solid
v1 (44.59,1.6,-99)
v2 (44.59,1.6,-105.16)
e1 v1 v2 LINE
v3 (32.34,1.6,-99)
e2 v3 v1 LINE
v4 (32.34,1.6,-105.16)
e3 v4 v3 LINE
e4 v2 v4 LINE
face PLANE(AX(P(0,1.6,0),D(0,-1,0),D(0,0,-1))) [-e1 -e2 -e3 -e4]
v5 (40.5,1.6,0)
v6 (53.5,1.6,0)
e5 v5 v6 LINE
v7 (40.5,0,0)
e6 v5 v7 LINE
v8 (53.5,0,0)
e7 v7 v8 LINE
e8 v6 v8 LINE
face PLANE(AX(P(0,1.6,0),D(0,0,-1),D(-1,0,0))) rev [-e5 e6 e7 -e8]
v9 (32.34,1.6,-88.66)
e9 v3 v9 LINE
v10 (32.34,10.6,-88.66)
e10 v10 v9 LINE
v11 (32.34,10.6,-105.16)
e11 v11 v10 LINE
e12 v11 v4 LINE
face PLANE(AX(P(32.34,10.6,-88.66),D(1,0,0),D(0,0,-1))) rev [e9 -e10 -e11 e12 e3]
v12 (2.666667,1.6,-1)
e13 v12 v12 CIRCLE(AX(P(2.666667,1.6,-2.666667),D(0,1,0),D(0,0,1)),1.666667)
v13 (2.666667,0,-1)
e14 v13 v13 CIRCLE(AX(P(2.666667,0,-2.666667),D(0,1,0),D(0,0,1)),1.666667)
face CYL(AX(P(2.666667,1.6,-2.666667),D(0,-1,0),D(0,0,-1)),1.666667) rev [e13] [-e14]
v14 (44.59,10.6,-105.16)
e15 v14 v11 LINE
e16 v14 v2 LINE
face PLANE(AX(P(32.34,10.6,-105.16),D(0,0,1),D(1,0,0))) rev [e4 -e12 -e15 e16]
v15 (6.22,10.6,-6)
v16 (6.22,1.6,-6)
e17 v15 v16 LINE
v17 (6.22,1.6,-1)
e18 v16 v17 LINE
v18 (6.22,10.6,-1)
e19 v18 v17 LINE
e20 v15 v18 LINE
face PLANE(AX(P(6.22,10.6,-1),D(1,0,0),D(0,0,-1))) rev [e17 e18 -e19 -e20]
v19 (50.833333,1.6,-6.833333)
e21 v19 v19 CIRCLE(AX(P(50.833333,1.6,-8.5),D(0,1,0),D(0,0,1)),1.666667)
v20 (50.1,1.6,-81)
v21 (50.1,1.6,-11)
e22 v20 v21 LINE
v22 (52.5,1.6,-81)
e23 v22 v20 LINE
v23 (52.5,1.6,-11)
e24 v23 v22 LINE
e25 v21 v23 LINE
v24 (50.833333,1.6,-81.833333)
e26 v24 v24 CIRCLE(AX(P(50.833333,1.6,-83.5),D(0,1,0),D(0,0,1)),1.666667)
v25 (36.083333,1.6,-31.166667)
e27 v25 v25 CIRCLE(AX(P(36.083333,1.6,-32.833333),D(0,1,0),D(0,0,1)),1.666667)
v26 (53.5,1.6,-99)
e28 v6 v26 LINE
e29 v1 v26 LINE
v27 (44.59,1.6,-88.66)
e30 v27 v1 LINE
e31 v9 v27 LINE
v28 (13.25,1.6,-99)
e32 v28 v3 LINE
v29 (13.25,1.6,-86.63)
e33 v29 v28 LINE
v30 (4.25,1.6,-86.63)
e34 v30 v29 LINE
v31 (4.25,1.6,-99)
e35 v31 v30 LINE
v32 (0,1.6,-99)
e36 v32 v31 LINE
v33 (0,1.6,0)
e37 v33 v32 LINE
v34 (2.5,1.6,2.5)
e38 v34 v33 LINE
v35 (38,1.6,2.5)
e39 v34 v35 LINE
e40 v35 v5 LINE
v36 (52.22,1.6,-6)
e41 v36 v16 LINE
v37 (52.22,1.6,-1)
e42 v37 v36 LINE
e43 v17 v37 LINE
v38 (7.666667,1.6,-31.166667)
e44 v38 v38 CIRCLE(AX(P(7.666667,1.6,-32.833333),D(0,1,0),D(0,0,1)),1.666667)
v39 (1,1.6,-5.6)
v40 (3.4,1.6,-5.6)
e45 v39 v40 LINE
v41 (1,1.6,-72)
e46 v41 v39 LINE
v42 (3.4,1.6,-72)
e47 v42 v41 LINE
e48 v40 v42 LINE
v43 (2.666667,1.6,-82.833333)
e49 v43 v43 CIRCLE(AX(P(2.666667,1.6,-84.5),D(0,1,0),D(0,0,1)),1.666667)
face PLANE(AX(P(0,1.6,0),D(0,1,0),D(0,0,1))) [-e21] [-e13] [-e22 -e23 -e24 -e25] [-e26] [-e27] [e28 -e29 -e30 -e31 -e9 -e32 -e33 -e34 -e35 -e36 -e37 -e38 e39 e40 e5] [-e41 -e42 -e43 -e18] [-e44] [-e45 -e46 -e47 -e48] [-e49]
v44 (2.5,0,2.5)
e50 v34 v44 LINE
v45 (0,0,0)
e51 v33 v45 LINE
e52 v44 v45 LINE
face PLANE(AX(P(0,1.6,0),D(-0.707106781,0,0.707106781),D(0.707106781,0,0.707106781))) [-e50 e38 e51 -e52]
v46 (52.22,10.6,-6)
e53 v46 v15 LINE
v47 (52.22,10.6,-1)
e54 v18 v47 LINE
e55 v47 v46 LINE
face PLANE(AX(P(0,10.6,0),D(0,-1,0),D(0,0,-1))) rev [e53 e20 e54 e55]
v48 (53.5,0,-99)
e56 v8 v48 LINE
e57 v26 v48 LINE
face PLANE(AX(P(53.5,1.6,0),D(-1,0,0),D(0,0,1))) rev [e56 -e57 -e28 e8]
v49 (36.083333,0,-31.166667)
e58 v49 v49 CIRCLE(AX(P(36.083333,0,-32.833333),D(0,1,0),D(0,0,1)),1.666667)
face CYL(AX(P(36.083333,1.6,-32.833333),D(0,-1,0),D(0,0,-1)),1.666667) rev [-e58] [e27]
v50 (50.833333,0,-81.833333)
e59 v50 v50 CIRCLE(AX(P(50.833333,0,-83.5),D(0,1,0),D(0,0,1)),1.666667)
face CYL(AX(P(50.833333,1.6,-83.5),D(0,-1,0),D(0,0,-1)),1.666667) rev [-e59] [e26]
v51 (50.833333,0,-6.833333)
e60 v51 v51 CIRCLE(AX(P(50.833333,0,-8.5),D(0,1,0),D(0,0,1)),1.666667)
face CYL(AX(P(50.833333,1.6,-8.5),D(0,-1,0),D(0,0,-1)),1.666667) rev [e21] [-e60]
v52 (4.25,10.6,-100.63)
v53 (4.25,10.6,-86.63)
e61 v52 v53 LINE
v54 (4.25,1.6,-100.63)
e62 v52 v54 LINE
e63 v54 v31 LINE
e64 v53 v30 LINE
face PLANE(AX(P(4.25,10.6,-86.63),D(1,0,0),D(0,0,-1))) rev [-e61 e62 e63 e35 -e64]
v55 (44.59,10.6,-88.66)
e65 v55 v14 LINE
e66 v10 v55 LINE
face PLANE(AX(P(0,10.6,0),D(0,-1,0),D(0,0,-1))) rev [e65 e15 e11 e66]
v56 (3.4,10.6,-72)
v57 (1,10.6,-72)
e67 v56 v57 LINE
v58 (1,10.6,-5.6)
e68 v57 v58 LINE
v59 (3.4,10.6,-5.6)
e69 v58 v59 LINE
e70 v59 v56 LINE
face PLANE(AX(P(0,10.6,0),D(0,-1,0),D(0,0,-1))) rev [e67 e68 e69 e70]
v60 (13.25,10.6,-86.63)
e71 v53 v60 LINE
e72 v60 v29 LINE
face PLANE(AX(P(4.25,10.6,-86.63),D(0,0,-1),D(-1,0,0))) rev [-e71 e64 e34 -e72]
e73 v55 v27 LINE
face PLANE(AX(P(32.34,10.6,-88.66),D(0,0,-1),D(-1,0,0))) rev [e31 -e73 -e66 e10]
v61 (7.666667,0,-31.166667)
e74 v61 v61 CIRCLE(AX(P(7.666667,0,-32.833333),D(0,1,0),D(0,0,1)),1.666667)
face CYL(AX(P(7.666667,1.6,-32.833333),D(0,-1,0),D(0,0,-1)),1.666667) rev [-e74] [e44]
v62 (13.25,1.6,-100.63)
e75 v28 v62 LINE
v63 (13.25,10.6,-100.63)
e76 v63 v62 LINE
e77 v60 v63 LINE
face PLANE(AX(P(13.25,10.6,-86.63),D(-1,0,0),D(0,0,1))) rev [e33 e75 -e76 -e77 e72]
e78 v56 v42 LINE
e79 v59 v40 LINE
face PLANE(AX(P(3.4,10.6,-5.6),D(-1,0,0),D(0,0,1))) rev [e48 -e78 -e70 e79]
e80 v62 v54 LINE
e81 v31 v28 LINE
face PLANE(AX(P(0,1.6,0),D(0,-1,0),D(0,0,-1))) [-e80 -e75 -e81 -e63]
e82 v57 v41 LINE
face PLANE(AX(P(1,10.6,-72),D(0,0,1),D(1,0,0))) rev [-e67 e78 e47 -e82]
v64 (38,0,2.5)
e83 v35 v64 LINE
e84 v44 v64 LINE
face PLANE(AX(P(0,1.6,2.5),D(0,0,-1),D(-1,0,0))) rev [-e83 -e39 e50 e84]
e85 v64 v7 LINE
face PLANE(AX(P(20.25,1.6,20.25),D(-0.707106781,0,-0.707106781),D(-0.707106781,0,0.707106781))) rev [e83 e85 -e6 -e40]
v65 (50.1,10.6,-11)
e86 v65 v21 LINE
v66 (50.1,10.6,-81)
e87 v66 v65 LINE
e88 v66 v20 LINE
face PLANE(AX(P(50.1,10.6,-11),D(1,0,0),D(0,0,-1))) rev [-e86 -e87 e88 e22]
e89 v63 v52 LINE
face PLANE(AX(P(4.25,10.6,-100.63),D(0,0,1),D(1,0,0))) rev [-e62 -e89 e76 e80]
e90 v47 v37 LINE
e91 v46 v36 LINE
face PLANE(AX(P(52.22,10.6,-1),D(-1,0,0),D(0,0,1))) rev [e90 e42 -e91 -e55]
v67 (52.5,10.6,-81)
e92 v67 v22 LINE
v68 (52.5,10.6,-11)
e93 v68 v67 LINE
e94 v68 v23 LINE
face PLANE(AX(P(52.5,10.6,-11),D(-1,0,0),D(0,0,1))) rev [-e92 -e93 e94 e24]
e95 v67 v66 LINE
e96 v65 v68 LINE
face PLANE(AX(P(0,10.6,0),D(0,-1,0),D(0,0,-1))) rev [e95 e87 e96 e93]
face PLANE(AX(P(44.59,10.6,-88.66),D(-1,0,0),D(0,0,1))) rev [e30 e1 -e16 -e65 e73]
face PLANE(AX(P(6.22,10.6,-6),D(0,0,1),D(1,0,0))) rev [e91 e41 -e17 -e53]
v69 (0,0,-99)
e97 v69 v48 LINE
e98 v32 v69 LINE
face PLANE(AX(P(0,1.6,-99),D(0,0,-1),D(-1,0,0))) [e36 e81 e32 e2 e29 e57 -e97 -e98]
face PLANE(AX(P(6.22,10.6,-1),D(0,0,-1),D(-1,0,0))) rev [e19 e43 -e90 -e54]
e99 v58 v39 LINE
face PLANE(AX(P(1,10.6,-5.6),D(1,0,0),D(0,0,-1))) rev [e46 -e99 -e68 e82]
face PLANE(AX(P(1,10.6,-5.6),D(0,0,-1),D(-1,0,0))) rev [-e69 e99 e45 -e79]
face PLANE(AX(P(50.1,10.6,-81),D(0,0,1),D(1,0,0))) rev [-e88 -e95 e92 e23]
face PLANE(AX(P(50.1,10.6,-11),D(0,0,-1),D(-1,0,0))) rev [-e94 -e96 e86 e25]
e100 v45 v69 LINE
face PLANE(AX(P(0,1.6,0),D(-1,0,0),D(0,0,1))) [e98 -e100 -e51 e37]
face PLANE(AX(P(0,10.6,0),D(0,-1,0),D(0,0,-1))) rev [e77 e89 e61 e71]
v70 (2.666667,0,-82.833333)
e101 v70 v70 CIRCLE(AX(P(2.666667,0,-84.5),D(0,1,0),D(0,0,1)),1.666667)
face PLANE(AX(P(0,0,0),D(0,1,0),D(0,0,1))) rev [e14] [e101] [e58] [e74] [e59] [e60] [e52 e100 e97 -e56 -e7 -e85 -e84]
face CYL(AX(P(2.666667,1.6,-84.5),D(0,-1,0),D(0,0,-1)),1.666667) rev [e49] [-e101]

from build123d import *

# Parameters (mm, degrees)
SKETCH1_W           = 53.5
SKETCH1_H           = 99
SKETCH1_R           = 1.666666667
BOSS_EXTRUDE1_DEPTH = 1.6
SKETCH2_W           = 46
SKETCH2_H           = 5
SKETCH2_W_2         = 2.4
SKETCH2_H_2         = 66.4
SKETCH2_H_3         = 70
SKETCH2_W_3         = 9
SKETCH2_H_4         = 14
SKETCH2_W_4         = 12.25
SKETCH2_H_5         = 16.5
BOSS_EXTRUDE2_DEPTH = 9


with BuildPart() as part:
    # Sketch1 → Boss-Extrude1 (new body)
    # profile 1 of 2: a face of its own
    with BuildSketch(Plane(origin=(0, 0, 0), x_dir=(1, 0, 0), z_dir=(0, 1, 0))):
        with Locations((26.75, 49.5)):
            Rectangle(SKETCH1_W, SKETCH1_H)
        with Locations(Location((50.833333333, 8.5, 0), (0, 0, 270))):
            Circle(SKETCH1_R, mode=Mode.SUBTRACT)
        with Locations(Location((2.666666667, 2.666666667, 0), (0, 0, 270))):
            Circle(SKETCH1_R, mode=Mode.SUBTRACT)
        with Locations(Location((36.083333333, 32.833333333, 0), (0, 0, 270))):
            Circle(SKETCH1_R, mode=Mode.SUBTRACT)
        with Locations(Location((7.666666667, 32.833333333, 0), (0, 0, 270))):
            Circle(SKETCH1_R, mode=Mode.SUBTRACT)
        with Locations(Location((50.833333333, 83.5, 0), (0, 0, 270))):
            Circle(SKETCH1_R, mode=Mode.SUBTRACT)
        with Locations(Location((2.666666667, 84.5, 0), (0, 0, 270))):
            Circle(SKETCH1_R, mode=Mode.SUBTRACT)
    # profile 2 of 2: a face of its own
    with BuildSketch(Plane(origin=(0, 0, 0), x_dir=(1, 0, 0), z_dir=(0, 1, 0))):
        Polygon((0, 0), (2.5, -2.5), (38, -2.5), (40.5, 0), align=None)
    extrude(amount=BOSS_EXTRUDE1_DEPTH)

    # Sketch2 → Boss-Extrude2 (add)
    with BuildSketch(Plane(origin=(0, 1.6, 0), x_dir=(1, 0, 0), z_dir=(0, 1, 0))):
        with Locations((29.22, 3.5)):
            Rectangle(SKETCH2_W, SKETCH2_H)
        with Locations((2.2, 38.8)):
            Rectangle(SKETCH2_W_2, SKETCH2_H_2)
        with Locations((51.3, 46)):
            Rectangle(SKETCH2_W_2, SKETCH2_H_3)
        with Locations((8.75, 93.63)):
            Rectangle(SKETCH2_W_3, SKETCH2_H_4)
        with Locations((38.465, 96.91)):
            Rectangle(SKETCH2_W_4, SKETCH2_H_5)
    extrude(amount=BOSS_EXTRUDE2_DEPTH)


solid = part.part
